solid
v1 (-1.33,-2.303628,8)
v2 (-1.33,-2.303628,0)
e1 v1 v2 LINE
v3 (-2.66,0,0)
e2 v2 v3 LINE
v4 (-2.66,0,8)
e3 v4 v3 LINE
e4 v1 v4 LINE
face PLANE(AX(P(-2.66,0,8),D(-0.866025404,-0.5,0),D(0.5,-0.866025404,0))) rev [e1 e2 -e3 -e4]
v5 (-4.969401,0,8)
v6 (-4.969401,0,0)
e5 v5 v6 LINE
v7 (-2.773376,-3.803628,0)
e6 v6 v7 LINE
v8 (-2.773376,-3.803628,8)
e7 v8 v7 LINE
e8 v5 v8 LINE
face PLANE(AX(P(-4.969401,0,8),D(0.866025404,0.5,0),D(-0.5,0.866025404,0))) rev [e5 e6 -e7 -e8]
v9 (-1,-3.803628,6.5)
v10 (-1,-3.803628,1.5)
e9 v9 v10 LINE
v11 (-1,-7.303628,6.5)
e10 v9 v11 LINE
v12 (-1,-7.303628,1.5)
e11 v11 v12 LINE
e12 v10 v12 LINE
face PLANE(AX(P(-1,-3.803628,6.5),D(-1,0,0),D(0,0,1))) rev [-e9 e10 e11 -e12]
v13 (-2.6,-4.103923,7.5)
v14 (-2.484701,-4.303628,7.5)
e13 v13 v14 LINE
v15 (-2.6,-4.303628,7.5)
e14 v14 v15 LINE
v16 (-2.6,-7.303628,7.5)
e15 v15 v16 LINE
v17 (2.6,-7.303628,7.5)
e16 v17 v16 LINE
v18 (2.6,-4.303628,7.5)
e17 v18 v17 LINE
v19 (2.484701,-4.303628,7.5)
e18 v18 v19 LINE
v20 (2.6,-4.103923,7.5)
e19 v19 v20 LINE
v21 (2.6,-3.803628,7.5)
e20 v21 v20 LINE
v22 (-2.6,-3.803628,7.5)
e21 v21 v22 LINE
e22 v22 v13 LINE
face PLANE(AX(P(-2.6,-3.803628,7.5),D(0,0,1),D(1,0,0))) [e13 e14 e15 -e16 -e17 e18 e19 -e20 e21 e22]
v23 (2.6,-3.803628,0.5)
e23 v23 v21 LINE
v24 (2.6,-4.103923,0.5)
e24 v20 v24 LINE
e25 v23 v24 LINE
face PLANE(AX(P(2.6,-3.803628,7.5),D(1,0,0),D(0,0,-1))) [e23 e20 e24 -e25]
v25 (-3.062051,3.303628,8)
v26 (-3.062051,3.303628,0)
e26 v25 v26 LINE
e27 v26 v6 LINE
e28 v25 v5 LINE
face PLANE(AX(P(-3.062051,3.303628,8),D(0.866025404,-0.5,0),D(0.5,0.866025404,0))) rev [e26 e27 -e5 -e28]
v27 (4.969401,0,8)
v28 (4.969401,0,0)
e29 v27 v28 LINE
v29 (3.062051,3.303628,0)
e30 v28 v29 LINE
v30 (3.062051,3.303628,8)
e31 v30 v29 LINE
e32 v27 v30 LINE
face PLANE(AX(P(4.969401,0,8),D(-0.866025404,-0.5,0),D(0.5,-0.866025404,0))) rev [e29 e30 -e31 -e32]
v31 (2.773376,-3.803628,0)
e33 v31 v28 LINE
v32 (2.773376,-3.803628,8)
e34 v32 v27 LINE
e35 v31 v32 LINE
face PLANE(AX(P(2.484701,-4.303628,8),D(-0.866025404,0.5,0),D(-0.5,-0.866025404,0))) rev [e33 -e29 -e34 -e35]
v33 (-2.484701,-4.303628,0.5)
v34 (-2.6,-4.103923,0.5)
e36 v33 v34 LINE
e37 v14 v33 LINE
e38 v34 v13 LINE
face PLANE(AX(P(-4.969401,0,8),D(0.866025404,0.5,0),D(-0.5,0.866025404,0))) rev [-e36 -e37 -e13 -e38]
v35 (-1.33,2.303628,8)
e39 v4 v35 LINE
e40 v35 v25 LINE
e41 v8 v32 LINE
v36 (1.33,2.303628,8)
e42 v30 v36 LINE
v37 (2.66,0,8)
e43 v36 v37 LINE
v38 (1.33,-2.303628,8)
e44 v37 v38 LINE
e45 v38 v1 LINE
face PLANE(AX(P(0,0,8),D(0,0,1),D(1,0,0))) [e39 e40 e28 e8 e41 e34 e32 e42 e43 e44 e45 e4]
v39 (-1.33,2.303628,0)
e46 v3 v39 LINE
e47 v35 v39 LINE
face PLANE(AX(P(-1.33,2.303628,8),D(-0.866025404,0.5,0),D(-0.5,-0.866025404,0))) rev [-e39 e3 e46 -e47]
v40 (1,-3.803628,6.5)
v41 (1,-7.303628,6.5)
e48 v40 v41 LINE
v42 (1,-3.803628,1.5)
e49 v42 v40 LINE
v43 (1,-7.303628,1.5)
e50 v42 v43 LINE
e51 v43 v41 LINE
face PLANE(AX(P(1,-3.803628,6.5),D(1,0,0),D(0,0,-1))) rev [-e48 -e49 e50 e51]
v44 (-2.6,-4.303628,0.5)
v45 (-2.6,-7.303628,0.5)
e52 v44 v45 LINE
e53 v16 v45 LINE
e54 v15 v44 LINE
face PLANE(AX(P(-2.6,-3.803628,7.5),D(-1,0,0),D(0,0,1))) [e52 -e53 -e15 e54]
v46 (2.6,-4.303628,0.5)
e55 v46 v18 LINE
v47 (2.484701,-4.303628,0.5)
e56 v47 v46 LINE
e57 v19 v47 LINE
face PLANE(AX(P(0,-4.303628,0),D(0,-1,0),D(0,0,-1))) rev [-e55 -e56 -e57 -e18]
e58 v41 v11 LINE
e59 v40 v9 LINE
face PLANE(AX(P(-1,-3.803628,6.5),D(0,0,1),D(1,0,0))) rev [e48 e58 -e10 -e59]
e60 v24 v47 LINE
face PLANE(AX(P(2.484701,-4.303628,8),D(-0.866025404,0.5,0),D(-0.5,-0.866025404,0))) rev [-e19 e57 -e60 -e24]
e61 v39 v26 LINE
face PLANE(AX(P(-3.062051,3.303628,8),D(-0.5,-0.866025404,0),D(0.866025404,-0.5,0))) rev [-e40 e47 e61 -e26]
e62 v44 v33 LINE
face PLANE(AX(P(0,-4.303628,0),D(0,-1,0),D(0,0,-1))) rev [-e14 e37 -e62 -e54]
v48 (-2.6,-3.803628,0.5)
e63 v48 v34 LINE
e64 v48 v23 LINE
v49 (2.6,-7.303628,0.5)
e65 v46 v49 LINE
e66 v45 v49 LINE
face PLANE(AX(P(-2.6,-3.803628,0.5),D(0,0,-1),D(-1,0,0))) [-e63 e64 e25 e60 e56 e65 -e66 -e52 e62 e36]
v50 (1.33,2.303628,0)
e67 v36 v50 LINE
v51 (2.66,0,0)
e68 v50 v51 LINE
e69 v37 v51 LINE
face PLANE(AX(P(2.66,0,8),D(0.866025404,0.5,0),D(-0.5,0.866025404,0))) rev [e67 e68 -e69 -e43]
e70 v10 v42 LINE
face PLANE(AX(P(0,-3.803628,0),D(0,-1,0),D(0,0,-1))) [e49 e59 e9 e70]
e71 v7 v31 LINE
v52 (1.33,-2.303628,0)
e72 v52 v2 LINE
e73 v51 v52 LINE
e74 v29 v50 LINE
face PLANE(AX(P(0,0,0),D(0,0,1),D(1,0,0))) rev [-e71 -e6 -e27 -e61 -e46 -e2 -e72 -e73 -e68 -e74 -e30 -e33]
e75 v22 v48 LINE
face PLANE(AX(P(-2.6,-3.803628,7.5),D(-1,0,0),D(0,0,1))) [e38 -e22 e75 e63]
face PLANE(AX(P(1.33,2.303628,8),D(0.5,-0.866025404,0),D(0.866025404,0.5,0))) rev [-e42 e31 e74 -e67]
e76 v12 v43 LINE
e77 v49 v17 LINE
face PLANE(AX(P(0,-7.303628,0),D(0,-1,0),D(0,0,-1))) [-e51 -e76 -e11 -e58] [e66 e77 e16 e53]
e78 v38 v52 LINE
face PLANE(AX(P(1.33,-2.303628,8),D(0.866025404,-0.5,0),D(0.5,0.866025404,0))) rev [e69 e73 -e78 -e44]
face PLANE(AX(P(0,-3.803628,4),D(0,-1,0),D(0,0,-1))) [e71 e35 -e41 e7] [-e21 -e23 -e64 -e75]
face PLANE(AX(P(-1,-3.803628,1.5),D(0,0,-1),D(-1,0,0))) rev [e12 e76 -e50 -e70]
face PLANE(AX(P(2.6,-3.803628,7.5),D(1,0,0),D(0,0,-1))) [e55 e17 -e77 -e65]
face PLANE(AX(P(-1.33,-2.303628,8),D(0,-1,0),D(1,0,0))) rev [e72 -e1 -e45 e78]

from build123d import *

# Parameters (mm, degrees)
EXTRUDE_1_DEPTH      = 8
SKETCH_2_W           = 9
SKETCH_2_H           = 8
EXTRUDE_2_DEPTH      = 3
SKETCH_3_OUTSIDE_W   = 15.256
SKETCH_3_OUTSIDE_H   = 13.318
SKETCH_3_OUTSIDE_W_2 = 5.2
SKETCH_3_OUTSIDE_H_2 = 7
SKETCH_3_OUTSIDE_W_3 = 2
SKETCH_3_OUTSIDE_H_3 = 5
CUT_EXTRUDE_1_DEPTH  = 3.5


with BuildPart() as part:
    # 草图1 → 凸台-拉伸1 (new body)
    with BuildSketch(Plane.XY):
        Polygon((-3.062050808, 3.303627574), (-4.969401077, 0), (-2.484700538, -4.303627574), (2.484700538, -4.303627574), (4.969401077, 0), (3.062050808, 3.303627574), (1.33, 2.303627574), (2.66, 0), (1.33, -2.303627574), (-1.33, -2.303627574), (-2.66, 0), (-1.33, 2.303627574), align=None)
    extrude(amount=EXTRUDE_1_DEPTH)

    # 草图2 → 凸台-拉伸2 (add)
    with BuildSketch(Plane.XZ.offset(4.303627574)):
        with Locations((0, 4)):
            Rectangle(SKETCH_2_W, SKETCH_2_H)
    extrude(amount=EXTRUDE_2_DEPTH)

    # 草图3 outside → 切除-拉伸1 (cut)
    # profile 1 of 2: a face of its own
    with BuildSketch(Plane.XZ.offset(7.303627574)):
        with Locations((0, 4)):
            Rectangle(SKETCH_3_OUTSIDE_W, SKETCH_3_OUTSIDE_H)
        with Locations((0, 4)):
            Rectangle(SKETCH_3_OUTSIDE_W_2, SKETCH_3_OUTSIDE_H_2, mode=Mode.SUBTRACT)
    # profile 2 of 2: a face of its own
    with BuildSketch(Plane.XZ.offset(7.303627574)):
        with Locations((0, 4)):
            Rectangle(SKETCH_3_OUTSIDE_W_3, SKETCH_3_OUTSIDE_H_3)
    extrude(amount=-CUT_EXTRUDE_1_DEPTH, mode=Mode.SUBTRACT)


solid = part.part
